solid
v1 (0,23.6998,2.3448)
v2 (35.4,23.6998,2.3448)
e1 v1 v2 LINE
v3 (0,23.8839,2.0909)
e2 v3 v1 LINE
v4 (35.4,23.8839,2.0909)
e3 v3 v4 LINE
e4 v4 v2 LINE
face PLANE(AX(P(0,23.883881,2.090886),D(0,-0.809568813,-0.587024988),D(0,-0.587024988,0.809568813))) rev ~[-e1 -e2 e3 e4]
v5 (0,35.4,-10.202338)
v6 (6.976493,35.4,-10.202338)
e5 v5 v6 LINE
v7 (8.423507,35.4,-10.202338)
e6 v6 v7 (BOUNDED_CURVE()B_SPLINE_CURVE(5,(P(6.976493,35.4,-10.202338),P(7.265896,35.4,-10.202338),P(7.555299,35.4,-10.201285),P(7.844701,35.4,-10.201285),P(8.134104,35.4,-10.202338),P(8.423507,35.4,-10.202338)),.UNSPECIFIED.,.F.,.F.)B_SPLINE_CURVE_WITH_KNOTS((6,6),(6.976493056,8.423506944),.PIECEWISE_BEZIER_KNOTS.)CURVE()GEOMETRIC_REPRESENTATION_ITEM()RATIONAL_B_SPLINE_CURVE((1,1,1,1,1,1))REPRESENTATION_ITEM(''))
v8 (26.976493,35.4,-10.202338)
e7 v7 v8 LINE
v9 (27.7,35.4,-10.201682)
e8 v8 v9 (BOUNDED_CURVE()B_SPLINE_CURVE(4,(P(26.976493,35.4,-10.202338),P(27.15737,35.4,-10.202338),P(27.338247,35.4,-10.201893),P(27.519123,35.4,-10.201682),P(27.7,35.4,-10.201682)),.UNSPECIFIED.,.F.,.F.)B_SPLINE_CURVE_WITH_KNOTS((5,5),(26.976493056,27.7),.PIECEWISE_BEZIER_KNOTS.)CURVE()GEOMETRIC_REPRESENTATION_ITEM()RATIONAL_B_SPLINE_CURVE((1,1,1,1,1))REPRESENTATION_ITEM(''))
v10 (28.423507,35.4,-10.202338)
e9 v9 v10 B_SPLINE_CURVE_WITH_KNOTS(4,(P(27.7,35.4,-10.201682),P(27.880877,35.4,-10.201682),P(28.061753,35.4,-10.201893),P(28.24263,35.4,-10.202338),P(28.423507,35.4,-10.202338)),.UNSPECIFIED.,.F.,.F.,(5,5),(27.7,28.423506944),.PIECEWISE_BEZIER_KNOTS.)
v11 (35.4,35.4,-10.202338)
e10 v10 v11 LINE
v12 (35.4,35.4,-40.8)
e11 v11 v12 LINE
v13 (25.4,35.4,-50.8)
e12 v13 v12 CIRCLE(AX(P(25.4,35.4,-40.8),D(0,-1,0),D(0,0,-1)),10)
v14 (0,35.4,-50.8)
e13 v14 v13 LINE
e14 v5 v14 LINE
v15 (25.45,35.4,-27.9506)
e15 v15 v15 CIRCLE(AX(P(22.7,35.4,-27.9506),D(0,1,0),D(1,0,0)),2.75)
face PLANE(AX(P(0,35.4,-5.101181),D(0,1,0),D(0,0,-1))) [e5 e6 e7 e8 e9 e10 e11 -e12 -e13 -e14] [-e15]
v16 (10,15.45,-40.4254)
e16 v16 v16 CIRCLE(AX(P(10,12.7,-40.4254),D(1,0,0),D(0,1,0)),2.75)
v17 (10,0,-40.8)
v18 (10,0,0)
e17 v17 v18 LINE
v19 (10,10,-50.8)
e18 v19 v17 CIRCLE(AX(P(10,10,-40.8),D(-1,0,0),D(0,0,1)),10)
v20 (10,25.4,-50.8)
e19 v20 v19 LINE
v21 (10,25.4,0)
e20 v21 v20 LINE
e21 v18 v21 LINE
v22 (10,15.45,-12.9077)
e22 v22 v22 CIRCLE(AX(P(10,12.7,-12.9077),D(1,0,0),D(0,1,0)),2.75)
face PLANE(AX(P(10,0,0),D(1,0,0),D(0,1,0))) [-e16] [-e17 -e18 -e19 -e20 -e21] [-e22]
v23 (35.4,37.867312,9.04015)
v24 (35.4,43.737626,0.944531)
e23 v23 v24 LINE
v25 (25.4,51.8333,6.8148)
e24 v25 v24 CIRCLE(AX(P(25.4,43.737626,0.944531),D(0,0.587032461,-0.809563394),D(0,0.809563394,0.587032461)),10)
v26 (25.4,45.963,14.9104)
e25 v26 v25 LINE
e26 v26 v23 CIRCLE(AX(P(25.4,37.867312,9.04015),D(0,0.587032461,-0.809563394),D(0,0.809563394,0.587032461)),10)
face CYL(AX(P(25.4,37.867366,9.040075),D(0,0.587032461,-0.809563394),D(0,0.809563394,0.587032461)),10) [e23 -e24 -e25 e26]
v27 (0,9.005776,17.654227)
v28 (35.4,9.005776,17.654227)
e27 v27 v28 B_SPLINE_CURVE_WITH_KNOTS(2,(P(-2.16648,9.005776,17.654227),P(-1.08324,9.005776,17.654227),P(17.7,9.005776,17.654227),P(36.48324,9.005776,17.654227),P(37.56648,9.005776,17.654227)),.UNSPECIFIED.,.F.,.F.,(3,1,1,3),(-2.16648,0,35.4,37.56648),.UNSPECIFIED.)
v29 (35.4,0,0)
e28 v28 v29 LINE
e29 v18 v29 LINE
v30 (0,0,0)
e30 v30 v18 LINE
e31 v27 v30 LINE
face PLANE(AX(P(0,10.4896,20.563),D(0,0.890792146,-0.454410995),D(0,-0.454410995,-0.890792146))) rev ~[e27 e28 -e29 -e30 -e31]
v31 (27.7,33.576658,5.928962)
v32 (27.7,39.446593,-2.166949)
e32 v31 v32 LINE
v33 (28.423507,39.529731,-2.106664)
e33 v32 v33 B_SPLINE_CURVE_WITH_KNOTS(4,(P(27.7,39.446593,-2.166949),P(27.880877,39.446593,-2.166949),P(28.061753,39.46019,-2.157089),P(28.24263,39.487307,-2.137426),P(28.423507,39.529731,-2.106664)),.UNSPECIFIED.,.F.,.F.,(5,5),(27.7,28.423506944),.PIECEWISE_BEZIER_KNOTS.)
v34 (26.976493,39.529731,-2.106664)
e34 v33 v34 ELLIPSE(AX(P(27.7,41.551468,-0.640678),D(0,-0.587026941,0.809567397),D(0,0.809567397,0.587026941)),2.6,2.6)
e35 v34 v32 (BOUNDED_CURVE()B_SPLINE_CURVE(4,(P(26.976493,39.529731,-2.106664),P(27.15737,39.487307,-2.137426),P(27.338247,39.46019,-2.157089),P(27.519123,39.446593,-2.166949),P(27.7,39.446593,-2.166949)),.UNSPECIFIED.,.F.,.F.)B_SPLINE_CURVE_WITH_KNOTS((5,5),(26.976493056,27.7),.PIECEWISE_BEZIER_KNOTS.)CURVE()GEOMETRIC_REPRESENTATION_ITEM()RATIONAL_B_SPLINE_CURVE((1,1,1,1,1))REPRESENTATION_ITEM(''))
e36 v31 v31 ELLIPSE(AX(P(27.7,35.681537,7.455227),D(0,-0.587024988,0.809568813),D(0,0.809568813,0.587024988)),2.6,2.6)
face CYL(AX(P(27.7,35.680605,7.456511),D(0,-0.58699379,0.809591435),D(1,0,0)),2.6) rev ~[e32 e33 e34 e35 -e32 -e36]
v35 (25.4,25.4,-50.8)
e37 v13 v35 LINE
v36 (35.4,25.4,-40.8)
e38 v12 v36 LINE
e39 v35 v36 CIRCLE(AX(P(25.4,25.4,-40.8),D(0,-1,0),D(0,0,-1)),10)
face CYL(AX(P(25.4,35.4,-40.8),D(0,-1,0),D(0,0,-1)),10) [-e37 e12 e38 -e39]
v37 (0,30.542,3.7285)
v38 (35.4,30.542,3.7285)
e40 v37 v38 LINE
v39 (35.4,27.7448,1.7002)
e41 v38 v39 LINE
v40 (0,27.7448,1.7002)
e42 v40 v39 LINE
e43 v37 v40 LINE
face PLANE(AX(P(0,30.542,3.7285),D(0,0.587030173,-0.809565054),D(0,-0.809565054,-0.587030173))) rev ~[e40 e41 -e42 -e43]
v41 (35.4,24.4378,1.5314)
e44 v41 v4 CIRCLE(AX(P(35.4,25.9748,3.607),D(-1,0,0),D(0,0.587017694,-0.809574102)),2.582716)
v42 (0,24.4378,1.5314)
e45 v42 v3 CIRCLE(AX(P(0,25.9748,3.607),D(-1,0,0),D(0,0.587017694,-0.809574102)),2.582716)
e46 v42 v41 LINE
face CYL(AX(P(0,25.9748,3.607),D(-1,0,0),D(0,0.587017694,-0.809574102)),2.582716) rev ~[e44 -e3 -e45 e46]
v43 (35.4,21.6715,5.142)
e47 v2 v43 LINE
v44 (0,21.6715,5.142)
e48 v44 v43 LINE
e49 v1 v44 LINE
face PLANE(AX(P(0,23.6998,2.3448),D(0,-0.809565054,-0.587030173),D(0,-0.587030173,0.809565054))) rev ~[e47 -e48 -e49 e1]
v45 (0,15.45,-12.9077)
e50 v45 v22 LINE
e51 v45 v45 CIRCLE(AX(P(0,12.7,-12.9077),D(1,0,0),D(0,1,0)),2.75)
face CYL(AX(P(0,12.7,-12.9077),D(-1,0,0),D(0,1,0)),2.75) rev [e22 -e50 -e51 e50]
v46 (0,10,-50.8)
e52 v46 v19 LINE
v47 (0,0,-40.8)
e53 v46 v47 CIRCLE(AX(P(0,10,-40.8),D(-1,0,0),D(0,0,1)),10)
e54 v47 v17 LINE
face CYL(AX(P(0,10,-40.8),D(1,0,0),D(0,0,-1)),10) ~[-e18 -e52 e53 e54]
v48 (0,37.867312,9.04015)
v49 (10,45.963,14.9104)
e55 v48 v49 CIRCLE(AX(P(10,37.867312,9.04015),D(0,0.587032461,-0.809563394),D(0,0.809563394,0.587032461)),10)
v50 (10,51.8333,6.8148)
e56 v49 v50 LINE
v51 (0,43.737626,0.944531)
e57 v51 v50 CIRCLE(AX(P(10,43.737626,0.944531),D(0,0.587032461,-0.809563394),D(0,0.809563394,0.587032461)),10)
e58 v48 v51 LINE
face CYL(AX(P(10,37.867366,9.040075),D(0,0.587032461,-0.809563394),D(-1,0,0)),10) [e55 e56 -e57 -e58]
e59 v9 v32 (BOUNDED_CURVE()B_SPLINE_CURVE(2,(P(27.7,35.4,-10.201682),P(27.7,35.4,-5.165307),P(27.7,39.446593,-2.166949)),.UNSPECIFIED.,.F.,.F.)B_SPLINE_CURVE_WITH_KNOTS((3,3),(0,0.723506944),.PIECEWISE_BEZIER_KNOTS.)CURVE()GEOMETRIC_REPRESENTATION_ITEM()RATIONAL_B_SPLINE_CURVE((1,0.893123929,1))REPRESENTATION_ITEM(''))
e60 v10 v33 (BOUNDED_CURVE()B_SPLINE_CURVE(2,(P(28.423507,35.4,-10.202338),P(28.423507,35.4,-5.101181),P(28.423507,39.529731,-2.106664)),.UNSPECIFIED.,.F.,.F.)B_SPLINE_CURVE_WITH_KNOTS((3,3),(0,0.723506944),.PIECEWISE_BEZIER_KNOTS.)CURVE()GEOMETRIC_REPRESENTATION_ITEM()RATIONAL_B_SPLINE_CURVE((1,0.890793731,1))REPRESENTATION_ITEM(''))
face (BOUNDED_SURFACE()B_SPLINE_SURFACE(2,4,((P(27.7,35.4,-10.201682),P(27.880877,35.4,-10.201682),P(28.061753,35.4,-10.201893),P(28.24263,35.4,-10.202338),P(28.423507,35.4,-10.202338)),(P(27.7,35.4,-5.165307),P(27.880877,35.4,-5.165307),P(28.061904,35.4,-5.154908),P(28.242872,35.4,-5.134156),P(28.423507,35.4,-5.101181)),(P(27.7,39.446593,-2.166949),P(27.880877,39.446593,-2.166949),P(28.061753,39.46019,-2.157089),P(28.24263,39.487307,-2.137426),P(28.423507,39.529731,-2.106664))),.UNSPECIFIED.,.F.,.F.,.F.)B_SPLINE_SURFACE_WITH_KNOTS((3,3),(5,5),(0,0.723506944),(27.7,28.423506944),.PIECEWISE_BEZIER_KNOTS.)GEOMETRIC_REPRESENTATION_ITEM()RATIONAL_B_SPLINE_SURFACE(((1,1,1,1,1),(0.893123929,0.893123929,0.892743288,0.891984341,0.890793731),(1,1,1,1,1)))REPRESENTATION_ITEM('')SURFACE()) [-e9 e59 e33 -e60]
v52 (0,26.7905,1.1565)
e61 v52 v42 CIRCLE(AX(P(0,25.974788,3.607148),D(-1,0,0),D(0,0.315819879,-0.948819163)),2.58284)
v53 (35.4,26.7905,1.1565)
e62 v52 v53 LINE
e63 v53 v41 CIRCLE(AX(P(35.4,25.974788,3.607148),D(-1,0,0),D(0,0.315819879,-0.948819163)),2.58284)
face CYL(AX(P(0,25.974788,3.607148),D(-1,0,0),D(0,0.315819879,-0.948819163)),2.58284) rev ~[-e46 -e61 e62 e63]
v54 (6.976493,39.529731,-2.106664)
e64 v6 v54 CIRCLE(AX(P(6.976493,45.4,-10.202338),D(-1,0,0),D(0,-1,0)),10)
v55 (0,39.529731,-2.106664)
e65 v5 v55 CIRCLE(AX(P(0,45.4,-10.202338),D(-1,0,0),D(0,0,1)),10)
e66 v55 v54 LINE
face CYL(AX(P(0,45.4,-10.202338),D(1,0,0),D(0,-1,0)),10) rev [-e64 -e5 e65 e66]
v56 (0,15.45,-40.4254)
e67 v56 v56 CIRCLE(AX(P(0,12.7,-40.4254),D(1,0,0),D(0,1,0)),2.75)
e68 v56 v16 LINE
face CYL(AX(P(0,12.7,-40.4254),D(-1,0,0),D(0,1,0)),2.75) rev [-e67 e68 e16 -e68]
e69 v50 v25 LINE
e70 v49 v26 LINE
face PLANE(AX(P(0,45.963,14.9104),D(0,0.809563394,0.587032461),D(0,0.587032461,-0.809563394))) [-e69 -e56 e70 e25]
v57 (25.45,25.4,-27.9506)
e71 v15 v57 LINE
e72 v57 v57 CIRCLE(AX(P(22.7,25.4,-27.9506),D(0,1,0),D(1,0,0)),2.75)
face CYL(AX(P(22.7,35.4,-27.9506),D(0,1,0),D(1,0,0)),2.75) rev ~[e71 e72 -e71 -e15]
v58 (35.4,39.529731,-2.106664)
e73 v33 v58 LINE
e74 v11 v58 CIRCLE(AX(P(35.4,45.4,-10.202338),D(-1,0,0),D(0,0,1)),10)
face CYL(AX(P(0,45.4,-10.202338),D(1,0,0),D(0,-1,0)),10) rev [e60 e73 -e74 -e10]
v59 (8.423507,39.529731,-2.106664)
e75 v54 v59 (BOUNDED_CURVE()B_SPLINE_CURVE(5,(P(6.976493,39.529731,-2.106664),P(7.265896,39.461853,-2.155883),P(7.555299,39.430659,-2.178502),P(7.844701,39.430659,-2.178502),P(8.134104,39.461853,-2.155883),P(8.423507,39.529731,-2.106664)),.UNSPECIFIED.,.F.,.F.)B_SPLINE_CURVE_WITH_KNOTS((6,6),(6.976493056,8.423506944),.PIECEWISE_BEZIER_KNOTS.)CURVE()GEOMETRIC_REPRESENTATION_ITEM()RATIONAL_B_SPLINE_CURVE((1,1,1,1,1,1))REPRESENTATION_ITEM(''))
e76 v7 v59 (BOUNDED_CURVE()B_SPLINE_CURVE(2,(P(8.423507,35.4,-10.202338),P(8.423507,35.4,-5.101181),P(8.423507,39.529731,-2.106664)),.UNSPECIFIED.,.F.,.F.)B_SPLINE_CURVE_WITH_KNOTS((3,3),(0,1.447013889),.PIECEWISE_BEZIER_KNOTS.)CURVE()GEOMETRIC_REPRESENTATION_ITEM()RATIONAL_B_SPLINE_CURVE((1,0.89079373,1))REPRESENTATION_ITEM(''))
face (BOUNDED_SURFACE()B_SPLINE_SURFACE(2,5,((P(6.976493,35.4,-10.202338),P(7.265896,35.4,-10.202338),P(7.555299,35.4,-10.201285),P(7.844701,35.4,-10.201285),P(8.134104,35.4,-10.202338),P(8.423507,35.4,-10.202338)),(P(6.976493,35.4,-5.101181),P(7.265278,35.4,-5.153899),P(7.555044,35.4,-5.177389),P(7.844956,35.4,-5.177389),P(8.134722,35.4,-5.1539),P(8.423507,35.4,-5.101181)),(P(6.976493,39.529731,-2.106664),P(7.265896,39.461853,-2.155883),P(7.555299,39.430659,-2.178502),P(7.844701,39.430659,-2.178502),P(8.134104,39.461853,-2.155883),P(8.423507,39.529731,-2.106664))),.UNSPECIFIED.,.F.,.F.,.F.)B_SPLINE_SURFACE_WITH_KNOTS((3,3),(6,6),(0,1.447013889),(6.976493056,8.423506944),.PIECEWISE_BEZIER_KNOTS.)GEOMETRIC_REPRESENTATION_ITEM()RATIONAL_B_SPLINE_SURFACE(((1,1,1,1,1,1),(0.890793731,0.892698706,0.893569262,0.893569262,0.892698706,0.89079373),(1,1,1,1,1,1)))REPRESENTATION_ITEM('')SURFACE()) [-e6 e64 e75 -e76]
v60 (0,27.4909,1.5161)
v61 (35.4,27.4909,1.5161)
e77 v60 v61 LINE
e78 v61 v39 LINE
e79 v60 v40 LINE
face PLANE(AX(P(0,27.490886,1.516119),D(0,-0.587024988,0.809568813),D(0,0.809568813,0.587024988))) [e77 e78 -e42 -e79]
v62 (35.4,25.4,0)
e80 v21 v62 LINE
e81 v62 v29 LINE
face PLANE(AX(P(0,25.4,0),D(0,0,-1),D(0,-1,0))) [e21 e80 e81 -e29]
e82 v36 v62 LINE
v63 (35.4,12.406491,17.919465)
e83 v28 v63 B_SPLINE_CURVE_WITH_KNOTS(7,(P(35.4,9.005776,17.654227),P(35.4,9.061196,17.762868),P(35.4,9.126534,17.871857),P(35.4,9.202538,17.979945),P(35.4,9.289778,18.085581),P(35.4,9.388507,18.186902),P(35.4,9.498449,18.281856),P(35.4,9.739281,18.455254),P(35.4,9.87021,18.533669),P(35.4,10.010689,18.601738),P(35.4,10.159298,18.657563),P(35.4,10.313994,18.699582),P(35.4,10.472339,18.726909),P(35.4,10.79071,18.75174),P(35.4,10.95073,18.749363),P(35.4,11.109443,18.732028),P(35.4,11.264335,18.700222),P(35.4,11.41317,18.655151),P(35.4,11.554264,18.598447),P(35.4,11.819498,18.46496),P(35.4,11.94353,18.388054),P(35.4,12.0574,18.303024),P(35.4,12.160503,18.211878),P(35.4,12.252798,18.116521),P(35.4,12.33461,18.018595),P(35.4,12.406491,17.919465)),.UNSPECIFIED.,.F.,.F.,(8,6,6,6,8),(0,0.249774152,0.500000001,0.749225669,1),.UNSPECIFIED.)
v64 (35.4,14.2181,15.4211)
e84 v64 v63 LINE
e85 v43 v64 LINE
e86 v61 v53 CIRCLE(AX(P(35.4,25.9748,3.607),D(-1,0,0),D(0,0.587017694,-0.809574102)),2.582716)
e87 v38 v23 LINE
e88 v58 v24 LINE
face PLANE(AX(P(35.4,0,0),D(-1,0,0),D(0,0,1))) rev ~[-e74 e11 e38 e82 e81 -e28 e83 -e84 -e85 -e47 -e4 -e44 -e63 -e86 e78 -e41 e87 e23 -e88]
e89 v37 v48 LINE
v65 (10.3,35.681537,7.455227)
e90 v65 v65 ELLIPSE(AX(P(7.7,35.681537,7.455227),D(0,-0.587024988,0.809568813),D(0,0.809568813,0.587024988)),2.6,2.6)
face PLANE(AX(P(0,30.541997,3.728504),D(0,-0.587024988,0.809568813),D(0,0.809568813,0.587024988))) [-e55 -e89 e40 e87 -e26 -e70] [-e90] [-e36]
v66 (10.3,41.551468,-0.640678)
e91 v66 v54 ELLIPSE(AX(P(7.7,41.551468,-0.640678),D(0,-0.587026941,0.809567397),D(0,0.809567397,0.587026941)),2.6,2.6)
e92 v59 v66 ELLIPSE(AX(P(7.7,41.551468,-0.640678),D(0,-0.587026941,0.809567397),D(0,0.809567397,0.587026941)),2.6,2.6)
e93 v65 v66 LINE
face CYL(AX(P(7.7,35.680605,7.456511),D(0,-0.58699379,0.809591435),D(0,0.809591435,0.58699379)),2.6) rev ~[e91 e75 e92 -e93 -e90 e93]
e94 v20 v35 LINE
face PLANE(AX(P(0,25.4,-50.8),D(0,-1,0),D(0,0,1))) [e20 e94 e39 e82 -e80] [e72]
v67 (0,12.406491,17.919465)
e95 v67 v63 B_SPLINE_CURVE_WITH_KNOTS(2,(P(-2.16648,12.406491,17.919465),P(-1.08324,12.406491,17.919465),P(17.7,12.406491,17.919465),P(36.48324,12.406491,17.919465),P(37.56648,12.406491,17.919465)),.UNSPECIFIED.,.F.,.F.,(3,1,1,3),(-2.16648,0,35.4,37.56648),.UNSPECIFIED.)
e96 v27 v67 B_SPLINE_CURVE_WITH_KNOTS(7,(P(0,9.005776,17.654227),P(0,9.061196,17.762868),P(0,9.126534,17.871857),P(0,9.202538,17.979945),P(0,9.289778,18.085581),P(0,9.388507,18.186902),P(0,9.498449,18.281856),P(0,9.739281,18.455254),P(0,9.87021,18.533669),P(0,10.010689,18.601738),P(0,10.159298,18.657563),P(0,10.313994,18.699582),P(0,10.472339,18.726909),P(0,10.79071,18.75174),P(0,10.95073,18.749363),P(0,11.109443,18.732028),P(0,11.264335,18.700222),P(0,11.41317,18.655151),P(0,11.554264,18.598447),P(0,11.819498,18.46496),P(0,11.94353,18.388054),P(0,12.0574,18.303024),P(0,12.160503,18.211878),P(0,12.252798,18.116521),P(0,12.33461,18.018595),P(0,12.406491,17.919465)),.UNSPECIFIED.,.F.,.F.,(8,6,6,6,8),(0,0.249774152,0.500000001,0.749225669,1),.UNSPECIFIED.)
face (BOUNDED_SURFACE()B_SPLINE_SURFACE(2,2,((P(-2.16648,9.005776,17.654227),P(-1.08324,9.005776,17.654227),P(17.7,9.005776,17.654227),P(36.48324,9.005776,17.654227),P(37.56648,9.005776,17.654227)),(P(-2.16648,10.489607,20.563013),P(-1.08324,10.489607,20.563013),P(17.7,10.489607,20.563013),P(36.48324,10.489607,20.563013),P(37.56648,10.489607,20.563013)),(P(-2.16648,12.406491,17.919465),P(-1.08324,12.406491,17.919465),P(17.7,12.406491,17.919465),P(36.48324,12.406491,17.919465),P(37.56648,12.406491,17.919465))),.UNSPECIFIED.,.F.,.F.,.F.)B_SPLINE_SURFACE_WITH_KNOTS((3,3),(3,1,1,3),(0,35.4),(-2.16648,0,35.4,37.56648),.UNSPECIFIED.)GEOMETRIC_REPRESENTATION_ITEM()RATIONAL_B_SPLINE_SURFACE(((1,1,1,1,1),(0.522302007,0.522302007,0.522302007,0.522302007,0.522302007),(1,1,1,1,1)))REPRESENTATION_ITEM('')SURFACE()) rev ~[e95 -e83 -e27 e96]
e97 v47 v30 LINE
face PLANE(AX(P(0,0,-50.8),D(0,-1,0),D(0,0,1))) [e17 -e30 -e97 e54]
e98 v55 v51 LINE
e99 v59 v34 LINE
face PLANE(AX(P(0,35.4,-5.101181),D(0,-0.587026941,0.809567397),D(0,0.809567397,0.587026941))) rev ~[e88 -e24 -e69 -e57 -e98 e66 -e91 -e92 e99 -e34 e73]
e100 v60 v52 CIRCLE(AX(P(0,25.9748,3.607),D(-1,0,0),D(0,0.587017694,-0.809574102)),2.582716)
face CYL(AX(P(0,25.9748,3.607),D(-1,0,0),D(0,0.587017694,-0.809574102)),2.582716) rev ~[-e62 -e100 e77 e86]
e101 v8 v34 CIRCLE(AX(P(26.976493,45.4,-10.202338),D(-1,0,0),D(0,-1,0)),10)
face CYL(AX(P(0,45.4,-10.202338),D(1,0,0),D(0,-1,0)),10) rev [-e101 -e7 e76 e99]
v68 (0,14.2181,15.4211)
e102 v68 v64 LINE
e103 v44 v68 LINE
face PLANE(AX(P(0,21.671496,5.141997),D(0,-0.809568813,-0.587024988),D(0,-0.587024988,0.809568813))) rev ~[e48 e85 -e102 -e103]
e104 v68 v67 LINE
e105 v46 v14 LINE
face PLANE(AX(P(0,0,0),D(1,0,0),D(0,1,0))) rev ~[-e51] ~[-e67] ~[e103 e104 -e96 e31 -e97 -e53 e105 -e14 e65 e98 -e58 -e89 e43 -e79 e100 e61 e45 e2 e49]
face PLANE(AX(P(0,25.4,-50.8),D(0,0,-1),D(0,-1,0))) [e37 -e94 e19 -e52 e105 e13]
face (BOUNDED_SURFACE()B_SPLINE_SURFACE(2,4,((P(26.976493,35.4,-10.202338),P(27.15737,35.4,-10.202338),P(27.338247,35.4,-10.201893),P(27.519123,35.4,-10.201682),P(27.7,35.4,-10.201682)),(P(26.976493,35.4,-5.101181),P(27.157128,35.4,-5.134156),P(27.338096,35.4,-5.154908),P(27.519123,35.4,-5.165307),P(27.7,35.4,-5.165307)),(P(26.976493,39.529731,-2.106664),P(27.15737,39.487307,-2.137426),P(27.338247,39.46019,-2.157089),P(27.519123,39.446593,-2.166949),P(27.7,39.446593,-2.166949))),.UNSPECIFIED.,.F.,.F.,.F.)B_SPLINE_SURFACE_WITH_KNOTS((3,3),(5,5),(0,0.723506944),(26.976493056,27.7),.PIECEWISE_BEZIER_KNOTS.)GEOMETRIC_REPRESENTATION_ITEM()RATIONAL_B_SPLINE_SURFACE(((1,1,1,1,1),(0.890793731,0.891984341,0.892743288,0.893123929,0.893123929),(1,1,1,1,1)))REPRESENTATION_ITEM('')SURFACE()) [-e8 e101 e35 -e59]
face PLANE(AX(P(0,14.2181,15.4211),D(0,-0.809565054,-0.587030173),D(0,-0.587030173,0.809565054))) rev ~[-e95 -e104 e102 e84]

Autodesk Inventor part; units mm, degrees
ref_plane "YZ Plane" through (0, 0, 0) normal (1, 0, 0) x (0, 1, 0)
ref_plane "XZ Plane" through (0, 0, 0) normal (0, 1, 0) x (-1, 0, 0)
ref_plane "XY Plane" through (0, 0, 0) normal (0, 0, 1) x (1, 0, 0)
sketch "Sketch1" plane through (0, 0, 0) normal (1, 0, 0) x (0, 1, 0)
  line L0 (0, 0) -> (25.4, 0)
  line L1 (25.4, 0) -> (25.4, -50.8)
  line L2 (25.4, -50.8) -> (0, -50.8)
  line L3 (0, -50.8) -> (0, 0)
  circle A0 centre (12.7, -12.9077) radius 2.75
  circle A1 centre (12.7, -40.4254) radius 2.75
  dimension "d0" = 25.4
  dimension "d1" = 50.8
  dimension "d2" = 5.5
  dimension "d3" = 5.5
extrude "Extrusion1" add sketch "Sketch1" along normal blind 10
sketch "Sketch2" plane through (0, 0, 0) normal (-1, 0, 0) x (0, 0, 1)
  line L0 (-50.8, 0) -> (-50.8, 25.4)
  line L1 (0, 0) -> (-50.8, 0)
  line L2 (0, 25.4) -> (0, 0)
  line L3 (-50.8, 25.4) -> (0, 25.4)
  circle A0 centre (-40.4254, 12.7) radius 2.75
  circle A1 centre (-12.9077, 12.7) radius 2.75
  line L4 (2.3448, 23.6998) -> (5.142, 21.6715)
  line L5 (3.7285, 30.542) -> (1.7002, 27.7448)
  line L6 (20.0524, 42.2345) -> (17.2552, 44.2628)
  line L7 (22.2632, 12.8343) -> (24.2915, 15.6316)
  line L8 (15.4211, 14.2181) -> (18.2183, 12.1898)
  line L9 (0, 25.4) -> (14.9104, 45.963)
  line L10 (14.9104, 45.963) -> (6.8148, 51.8333)
  line L11 (-12.3523, 25.4) -> (6.8148, 51.8333)
  line L12 (0, 25.4) -> (20.563, 10.4896)
  line L13 (20.563, 10.4896) -> (0, 0)
  line L14 (-50.8, 25.4) -> (0, 25.4)
  line L15 (0, 25.4) -> (0, 35.4)
  line L16 (0, 35.4) -> (-50.8, 35.4)
  line L17 (-50.8, 35.4) -> (-50.8, 25.4)
  arc A2 (1.1565, 26.7905) -> (1.5314, 24.4378) centre (3.607, 25.9748) ccw
  arc A3 (1.5161, 27.4909) -> (2.0909, 23.8839) centre (3.607, 25.9748) ccw
  point P0 (-5.1012, 35.4)
  point P1 (1.5314, 24.4378)
  point P2 (1.1565, 26.7905)
extrude "Extrusion2" add sketch "Sketch2" against normal blind 35.4 contours L17 L16 L11 L3 | L2 L12 L4 L8 L13 | L11 L16 L15 L3 | L15 L16 L11 L10 L9 L5 | L9 A3 A2 L12
sketch "Sketch3" plane through (0, 35.4, -5.1012) normal (0, 1, 0) x (1, 0, 0)
  line L0 (0, 0) -> (0, 45.6988) projected
  line L1 (0, 0) -> (35.4, 0) projected
  line L2 (35.4, 45.6988) -> (35.4, 0) projected
  line L3 (0, 45.6988) -> (35.4, 45.6988) projected
  line L4 (10, 45.6988) -> (10, -5.1012) projected
  line L5 (10, 45.6988) -> (35.4, 45.6988) projected
  line L6 (35.4, -5.1012) -> (35.4, 45.6988) projected
  line L7 (10, -5.1012) -> (35.4, -5.1012) projected
  line L8 (10, 38.0742) -> (10, 32.5742) projected
  line L9 (10, 45.6988) -> (10, -5.1012) projected
  line L10 (10, -5.1012) -> (10, 45.6988) projected
  line L11 (10, 38.0742) -> (10, 32.5742) projected
  line L12 (10, 10.5565) -> (10, 5.0565) projected
  circle A0 centre (22.7, 22.8494) radius 2.75
  point P0 (0, -5.1012)
  dimension "d10" = 5.5
extrude "Extrusion3" cut sketch "Sketch3" against normal blind 35.4 contours A0
sketch "Sketch4" plane through (0, 27.4909, 1.5161) normal (0, -0.587, 0.8096) x (1, 0, 0)
  line L0 (0, -2.5827) -> (35.4, -2.5827) projected
  line L1 (0, 22.8173) -> (35.4, 22.8173) projected
  line L2 (0, 22.8173) -> (0, 2.5185) projected
  line L3 (0, 22.8173) -> (0, -2.5827) construction
  line L4 (7.7, 10.1173) -> (27.7, 10.1173) construction
  line L5 (7.7, 7.5173) -> (27.7, 7.5173)
  line L6 (27.7, 12.7173) -> (7.7, 12.7173)
  arc A0 (7.7, 12.7173) -> (7.7, 7.5173) centre (7.7, 10.1173) ccw
  arc A1 (27.7, 7.5173) -> (27.7, 12.7173) centre (27.7, 10.1173) ccw
  circle A2 centre (7.7, 10.1173) radius 2.6
  circle A3 centre (27.7, 10.1173) radius 2.6
  point P0 (0, -23.1457)
  point P1 (17.7, 10.1173)
  dimension "d13" = 2.6
  dimension "d14" = 20
extrude "Extrusion4" cut sketch "Sketch4" against normal blind 35.4 contours A0 A2 | A3 A1
fillet "Fillet1" radius 10 1 edges at (17.7, 35.4, -5.1012)
fillet "Fillet2" radius 10 4 edges at (0, 48.8982, 10.8626) (35.4, 48.8982, 10.8626) (35.4, 30.4, -50.8) (5, 0, -50.8)
fillet "Fillet3" radius 2 1 edges at (17.7, 10.4896, 20.563)
properties part number "lowerRearBracket"
